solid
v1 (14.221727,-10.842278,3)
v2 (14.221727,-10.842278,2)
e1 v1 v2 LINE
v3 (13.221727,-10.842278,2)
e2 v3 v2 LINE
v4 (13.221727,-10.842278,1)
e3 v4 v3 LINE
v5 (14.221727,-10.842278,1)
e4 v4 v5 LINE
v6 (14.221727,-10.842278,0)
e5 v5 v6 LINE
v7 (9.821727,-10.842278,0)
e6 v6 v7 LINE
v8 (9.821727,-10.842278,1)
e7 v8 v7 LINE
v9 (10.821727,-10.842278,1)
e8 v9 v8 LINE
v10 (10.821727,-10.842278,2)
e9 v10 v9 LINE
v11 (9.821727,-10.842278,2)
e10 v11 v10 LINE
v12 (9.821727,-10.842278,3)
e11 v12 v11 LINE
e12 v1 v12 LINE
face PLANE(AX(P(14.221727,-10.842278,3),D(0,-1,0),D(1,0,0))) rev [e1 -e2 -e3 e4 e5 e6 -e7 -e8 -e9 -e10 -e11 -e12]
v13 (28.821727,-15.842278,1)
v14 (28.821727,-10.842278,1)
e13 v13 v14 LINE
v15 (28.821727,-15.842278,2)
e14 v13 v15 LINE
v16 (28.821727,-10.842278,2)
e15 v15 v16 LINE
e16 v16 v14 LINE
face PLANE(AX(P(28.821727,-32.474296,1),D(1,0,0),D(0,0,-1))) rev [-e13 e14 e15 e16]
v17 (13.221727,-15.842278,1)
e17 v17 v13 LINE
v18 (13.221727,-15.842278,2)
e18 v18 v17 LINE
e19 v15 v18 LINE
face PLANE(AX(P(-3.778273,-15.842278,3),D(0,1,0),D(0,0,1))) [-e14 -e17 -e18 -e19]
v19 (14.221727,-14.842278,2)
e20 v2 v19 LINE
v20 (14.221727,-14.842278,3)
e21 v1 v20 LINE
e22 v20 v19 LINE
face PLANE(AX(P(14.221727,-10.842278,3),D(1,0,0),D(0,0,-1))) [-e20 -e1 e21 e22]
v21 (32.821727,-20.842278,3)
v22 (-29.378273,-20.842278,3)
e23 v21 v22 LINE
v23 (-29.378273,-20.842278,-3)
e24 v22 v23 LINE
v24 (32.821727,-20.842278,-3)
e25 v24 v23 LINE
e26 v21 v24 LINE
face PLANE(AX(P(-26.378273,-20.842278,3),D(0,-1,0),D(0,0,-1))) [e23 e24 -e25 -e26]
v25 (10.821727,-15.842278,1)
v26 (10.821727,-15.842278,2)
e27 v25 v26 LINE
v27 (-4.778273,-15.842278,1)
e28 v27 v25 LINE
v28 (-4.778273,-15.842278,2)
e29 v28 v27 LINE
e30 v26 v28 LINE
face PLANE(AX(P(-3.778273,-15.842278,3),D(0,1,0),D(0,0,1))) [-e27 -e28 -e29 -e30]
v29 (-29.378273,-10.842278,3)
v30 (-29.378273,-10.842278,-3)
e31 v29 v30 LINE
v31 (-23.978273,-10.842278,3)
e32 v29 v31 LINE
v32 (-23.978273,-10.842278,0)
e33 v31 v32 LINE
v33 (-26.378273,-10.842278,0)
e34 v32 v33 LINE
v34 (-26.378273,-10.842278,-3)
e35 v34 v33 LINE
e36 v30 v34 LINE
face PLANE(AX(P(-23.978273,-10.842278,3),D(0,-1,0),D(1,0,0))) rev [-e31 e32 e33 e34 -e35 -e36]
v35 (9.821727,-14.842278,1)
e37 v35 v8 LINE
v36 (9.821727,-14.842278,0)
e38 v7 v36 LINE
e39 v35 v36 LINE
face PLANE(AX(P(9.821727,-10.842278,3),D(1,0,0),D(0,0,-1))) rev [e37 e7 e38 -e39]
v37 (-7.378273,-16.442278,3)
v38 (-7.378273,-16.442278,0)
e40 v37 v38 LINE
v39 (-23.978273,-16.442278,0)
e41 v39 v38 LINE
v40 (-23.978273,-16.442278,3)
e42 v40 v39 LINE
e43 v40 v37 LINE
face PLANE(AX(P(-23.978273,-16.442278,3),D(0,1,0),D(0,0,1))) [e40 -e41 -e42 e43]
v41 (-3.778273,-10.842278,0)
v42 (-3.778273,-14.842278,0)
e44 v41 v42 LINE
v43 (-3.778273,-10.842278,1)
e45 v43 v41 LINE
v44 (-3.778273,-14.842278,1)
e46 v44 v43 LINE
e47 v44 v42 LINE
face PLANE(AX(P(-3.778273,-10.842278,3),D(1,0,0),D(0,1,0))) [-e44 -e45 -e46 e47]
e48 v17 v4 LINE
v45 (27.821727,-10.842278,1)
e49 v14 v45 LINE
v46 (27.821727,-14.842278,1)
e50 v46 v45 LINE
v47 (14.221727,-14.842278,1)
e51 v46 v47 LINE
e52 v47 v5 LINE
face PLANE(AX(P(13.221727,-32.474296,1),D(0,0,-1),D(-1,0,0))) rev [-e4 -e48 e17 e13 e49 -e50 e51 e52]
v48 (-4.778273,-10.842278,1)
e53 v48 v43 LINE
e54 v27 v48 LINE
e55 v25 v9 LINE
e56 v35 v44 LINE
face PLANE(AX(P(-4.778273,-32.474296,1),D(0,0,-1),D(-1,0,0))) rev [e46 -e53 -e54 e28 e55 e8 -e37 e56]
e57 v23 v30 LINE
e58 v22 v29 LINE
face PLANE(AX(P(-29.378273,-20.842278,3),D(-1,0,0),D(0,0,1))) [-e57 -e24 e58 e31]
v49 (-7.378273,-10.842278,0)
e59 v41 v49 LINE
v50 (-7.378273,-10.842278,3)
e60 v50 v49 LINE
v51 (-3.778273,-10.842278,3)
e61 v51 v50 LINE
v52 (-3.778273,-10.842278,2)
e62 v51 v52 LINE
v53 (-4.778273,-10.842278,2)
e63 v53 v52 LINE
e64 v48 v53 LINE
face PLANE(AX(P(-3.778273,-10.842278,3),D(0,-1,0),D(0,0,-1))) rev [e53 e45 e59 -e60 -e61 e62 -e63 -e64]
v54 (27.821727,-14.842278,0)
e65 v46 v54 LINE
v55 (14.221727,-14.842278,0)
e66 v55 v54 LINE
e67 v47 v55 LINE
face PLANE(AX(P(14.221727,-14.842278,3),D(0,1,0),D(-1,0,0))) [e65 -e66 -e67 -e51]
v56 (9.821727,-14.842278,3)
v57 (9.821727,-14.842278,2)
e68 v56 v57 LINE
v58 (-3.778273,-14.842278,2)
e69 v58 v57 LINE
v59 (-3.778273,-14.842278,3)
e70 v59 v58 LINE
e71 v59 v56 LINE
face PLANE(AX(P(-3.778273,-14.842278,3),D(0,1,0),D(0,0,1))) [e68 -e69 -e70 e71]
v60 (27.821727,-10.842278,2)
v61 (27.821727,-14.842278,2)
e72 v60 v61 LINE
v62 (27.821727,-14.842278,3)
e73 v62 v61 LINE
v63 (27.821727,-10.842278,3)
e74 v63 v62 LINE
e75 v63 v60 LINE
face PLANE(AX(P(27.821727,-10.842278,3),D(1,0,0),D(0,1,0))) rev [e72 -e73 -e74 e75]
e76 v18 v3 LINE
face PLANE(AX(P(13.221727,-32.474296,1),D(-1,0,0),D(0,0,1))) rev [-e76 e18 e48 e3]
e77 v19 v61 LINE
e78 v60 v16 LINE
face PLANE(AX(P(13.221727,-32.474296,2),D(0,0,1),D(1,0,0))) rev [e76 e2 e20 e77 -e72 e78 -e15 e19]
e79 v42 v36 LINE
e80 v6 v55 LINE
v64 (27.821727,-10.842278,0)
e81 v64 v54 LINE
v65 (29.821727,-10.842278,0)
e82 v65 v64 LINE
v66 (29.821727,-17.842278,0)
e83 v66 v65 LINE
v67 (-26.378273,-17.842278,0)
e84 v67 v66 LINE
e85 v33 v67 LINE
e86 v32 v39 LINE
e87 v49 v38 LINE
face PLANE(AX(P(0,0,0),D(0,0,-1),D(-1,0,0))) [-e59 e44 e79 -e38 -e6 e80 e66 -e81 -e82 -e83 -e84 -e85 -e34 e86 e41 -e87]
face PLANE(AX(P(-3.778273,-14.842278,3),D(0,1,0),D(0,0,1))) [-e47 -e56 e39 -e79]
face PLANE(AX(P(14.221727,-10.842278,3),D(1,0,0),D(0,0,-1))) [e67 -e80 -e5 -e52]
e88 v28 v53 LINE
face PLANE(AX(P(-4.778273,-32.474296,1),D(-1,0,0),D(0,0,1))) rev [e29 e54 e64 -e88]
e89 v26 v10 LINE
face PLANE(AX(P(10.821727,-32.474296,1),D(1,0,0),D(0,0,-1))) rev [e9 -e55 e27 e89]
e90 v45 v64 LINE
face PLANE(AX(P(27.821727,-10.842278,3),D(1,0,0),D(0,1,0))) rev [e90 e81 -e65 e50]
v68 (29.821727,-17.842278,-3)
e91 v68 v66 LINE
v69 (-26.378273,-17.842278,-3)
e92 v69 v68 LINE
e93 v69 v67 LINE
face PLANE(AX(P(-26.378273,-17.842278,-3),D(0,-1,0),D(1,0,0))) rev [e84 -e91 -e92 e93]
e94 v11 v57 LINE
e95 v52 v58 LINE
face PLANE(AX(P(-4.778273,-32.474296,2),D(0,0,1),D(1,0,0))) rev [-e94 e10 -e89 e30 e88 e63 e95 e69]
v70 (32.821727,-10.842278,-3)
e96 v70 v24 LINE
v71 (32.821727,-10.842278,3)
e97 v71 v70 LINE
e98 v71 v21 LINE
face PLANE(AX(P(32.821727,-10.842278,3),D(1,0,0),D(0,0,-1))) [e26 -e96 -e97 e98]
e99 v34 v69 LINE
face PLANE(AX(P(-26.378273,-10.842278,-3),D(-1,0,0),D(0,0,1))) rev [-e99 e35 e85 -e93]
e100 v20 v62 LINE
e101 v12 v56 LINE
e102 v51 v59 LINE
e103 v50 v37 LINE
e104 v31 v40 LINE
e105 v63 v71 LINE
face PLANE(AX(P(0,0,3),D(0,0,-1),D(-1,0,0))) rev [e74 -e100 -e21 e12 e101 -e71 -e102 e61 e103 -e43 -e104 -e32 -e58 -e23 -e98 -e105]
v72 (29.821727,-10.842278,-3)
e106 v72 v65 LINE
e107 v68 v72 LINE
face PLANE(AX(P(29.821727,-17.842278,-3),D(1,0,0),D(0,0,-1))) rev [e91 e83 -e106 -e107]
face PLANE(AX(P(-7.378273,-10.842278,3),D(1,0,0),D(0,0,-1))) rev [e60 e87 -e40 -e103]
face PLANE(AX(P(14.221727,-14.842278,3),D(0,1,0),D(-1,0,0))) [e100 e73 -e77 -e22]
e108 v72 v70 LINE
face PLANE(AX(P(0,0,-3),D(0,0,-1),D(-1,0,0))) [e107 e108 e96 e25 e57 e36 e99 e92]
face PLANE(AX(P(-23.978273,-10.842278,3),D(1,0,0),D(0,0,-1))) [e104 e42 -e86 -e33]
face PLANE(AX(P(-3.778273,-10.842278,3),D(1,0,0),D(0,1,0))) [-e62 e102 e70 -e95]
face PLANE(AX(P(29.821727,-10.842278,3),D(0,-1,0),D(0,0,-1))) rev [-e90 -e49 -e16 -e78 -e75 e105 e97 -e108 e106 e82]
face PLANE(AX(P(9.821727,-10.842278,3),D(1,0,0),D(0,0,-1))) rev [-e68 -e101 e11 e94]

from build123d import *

# Parameters (mm, degrees)
BOSS_EXTRUDE1_DEPTH = 3
SKETCH4_W           = 15.6
SKETCH4_H           = 1
CUT_EXTRUDE1_DEPTH  = 5
BOSS_EXTRUDE3_DEPTH = 3


with BuildPart() as part:
    # Sketch1 → Boss-Extrude1 (new body)
    with BuildSketch(Plane.XY):
        Polygon((29.821727019, -20.842278002), (-26.378272981, -20.842278002), (-29.378272981, -20.842278002), (-29.378272981, -10.842278002), (-26.378272981, -10.842278002), (-23.978272981, -10.842278002), (-23.978272981, -16.442278002), (-7.378272981, -16.442278002), (-7.378272981, -10.842278002), (-3.778272981, -10.842278002), (-3.778272981, -14.842278002), (9.821727019, -14.842278002), (9.821727019, -10.842278002), (14.221727019, -10.842278002), (14.221727019, -14.842278002), (27.821727019, -14.842278002), (27.821727019, -10.842278002), (29.821727019, -10.842278002), (32.821727019, -10.842278002), (32.821727019, -20.842278002), align=None)
    extrude(amount=BOSS_EXTRUDE1_DEPTH)

    # Sketch4 → Cut-Extrude1 (cut)
    with BuildSketch(Plane(origin=(0, -10.842278002, 0), x_dir=(1, 0, 0), z_dir=(0, 1, 0))):
        with Locations((3.021727019, -1.5)):
            Rectangle(SKETCH4_W, SKETCH4_H)
        with Locations((21.021727019, -1.5)):
            Rectangle(SKETCH4_W, SKETCH4_H)
    extrude(amount=-CUT_EXTRUDE1_DEPTH, mode=Mode.SUBTRACT)

    # Sketch5 → Boss-Extrude3 (add)
    with BuildSketch(Plane(origin=(0, 0, 0), x_dir=(-1, 0, 0), z_dir=(0, 0, -1))):
        Polygon((-32.821727019, -10.842278002), (-32.821727019, -20.842278002), (29.378272981, -20.842278002), (29.378272981, -10.842278002), (26.378272981, -10.842278002), (26.378272981, -17.842278002), (-29.821727019, -17.842278002), (-29.821727019, -10.842278002), align=None)
    extrude(amount=BOSS_EXTRUDE3_DEPTH)


solid = part.part
